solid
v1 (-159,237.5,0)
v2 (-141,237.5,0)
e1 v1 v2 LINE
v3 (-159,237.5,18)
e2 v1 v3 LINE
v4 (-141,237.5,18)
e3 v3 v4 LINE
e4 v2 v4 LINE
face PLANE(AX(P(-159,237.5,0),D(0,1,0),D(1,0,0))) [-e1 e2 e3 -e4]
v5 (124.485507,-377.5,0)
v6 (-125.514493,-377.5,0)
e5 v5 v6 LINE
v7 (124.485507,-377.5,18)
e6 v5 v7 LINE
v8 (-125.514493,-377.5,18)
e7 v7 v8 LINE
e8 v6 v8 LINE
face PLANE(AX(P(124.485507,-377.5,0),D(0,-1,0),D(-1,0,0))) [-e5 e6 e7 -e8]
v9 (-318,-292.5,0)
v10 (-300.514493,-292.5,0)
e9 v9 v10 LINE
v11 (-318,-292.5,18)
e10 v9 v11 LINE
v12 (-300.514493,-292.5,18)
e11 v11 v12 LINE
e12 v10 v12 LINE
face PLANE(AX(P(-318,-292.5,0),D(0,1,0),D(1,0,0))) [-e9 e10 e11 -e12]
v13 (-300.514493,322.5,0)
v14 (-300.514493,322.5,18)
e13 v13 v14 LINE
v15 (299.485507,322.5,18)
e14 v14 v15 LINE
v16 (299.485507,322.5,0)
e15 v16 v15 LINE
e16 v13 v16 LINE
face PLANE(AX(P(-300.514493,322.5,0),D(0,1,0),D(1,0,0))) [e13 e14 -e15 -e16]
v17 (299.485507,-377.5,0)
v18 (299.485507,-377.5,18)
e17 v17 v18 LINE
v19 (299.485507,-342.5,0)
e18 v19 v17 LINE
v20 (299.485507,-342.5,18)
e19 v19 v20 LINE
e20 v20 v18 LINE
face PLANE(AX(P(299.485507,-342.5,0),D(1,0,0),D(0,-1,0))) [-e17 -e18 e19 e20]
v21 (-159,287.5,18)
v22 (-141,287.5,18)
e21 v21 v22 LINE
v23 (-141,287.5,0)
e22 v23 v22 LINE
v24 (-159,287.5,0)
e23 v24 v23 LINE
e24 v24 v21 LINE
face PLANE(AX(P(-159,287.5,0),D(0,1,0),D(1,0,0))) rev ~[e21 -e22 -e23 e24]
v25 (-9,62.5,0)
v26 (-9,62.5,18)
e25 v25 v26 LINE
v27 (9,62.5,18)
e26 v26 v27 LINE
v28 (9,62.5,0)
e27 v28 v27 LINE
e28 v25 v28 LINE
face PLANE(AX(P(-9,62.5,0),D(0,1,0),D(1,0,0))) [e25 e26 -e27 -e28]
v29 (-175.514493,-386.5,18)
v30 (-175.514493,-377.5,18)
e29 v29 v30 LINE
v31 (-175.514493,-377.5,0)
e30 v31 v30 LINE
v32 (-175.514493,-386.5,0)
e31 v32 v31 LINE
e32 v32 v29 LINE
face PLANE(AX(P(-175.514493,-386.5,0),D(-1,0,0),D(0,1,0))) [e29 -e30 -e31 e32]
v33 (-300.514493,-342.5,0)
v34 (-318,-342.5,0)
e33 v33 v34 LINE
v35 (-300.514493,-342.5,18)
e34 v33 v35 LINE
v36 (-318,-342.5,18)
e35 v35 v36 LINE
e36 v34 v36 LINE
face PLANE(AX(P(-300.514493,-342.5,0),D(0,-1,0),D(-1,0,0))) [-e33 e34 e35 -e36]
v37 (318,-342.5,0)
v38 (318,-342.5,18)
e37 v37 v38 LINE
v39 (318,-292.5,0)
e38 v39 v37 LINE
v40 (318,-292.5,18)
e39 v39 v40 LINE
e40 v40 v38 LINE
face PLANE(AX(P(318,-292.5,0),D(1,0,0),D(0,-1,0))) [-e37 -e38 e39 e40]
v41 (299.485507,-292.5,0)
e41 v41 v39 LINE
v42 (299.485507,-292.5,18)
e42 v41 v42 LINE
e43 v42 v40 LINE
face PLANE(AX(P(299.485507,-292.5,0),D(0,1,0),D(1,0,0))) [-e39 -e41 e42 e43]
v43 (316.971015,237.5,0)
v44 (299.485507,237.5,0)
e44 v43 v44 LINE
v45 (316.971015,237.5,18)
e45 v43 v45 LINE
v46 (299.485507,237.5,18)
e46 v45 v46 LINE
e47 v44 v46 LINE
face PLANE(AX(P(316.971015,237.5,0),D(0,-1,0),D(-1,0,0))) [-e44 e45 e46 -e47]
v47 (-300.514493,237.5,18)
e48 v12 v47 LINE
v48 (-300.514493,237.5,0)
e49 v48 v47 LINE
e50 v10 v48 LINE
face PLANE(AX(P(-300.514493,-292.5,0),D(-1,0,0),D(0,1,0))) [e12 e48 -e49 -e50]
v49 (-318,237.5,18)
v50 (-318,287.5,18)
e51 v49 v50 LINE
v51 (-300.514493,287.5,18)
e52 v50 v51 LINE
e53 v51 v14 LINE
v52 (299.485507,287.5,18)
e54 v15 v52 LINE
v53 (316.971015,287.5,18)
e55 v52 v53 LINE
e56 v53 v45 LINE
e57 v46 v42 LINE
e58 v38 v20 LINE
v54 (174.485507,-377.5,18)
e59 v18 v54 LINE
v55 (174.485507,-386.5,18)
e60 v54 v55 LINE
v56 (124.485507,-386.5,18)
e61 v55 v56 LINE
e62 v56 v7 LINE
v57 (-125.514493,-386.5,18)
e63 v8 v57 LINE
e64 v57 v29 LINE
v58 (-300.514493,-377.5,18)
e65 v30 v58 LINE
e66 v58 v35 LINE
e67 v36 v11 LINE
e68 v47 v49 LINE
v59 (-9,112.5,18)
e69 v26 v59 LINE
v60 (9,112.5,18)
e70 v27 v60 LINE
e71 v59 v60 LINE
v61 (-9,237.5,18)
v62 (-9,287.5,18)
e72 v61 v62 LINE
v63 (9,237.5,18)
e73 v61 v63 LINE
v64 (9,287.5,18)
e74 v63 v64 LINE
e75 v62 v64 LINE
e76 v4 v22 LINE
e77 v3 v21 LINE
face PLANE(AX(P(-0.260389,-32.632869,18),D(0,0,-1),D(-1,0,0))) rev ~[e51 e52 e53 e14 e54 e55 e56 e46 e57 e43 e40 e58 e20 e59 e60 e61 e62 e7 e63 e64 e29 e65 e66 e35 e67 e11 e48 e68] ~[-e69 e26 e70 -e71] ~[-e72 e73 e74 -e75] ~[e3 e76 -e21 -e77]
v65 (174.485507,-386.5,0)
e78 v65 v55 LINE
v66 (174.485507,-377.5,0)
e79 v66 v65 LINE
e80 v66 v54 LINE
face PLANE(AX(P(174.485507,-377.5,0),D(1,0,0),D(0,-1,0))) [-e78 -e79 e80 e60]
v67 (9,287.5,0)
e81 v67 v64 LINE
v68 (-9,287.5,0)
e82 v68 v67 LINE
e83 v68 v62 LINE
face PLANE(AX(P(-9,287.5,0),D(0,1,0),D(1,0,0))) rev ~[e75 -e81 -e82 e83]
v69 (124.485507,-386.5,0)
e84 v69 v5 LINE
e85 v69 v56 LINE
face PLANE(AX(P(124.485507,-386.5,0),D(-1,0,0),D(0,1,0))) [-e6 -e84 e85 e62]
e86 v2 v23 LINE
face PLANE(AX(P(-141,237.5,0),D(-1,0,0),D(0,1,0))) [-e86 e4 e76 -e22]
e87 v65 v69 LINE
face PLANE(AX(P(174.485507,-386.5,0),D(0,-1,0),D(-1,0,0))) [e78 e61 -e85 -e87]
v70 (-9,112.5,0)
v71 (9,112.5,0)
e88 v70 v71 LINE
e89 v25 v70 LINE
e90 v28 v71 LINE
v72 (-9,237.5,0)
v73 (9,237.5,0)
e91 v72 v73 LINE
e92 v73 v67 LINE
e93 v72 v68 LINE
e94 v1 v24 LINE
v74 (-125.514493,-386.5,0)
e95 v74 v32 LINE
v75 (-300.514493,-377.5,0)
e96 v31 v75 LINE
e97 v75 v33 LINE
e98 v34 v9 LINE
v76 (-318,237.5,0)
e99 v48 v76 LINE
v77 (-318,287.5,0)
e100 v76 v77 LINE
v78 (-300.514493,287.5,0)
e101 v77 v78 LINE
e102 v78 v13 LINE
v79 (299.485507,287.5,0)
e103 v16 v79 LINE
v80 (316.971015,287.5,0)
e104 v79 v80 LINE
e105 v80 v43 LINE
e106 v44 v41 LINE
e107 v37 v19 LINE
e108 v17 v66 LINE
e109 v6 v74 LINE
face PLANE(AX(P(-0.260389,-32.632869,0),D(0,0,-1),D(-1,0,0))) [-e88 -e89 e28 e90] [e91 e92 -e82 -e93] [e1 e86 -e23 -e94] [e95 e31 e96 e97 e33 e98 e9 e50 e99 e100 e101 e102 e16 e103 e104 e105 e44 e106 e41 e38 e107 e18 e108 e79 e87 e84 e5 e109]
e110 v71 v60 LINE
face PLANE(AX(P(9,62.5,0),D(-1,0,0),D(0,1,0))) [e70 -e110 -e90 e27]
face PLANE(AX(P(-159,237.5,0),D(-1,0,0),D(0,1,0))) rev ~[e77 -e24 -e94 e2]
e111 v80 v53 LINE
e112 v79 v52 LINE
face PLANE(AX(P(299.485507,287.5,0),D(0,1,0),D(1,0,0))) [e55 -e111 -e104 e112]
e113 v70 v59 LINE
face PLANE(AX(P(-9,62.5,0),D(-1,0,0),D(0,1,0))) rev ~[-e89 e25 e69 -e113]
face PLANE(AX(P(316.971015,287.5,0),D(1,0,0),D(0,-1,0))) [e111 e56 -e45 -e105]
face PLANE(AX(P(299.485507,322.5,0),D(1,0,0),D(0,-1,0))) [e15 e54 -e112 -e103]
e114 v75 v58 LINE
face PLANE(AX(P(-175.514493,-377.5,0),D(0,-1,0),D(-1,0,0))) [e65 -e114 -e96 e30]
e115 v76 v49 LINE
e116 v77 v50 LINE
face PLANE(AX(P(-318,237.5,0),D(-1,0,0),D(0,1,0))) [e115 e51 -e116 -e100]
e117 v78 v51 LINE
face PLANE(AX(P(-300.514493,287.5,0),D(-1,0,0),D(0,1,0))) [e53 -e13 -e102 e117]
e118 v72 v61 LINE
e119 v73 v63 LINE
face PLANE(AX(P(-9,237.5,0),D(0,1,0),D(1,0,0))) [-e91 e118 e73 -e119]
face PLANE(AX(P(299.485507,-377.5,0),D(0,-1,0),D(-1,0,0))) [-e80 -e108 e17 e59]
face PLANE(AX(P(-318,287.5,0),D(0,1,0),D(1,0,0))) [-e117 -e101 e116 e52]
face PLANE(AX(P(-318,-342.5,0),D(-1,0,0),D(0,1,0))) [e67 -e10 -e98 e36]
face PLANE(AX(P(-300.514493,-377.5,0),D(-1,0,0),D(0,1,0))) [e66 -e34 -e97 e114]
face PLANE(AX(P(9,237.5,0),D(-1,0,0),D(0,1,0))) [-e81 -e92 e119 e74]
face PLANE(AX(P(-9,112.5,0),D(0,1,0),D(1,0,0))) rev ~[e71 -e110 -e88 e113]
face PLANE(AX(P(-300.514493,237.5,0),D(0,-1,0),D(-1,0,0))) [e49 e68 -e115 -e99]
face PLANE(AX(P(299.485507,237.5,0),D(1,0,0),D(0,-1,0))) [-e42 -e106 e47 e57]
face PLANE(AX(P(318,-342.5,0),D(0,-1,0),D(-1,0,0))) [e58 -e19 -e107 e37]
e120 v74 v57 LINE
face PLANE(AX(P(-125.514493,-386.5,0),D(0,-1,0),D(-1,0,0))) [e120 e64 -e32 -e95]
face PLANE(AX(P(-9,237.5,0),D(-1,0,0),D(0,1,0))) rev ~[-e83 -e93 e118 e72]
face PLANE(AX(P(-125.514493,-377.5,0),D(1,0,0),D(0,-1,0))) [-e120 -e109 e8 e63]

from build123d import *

# Parameters (mm, degrees)
SKETCH1_W           = 18
SKETCH1_H           = 50
BOSS_EXTRUDE1_DEPTH = 18


with BuildPart() as part:
    # Sketch1 → Boss-Extrude1 (new body)
    with BuildSketch(Plane.XY):
        Polygon((-300.514492677, 322.5), (299.485507323, 322.5), (299.485507323, 287.5), (316.971014646, 287.5), (316.971014646, 237.5), (299.485507323, 237.5), (299.485507323, -292.5), (318, -292.5), (318, -342.5), (299.485507323, -342.5), (299.485507323, -377.5), (174.485507323, -377.5), (174.485507323, -386.5), (124.485507323, -386.5), (124.485507323, -377.5), (-125.514492677, -377.5), (-125.514492677, -386.5), (-175.514492677, -386.5), (-175.514492677, -377.5), (-300.514492677, -377.5), (-300.514492677, -342.5), (-318, -342.5), (-318, -292.5), (-300.514492677, -292.5), (-300.514492677, 237.5), (-318, 237.5), (-318, 287.5), (-300.514492677, 287.5), align=None)
        with Locations((-150, 262.5)):
            Rectangle(SKETCH1_W, SKETCH1_H, mode=Mode.SUBTRACT)
        with Locations((0, 262.5)):
            Rectangle(SKETCH1_W, SKETCH1_H, mode=Mode.SUBTRACT)
        with Locations((0, 87.5)):
            Rectangle(SKETCH1_W, SKETCH1_H, mode=Mode.SUBTRACT)
    extrude(amount=BOSS_EXTRUDE1_DEPTH)


solid = part.part
